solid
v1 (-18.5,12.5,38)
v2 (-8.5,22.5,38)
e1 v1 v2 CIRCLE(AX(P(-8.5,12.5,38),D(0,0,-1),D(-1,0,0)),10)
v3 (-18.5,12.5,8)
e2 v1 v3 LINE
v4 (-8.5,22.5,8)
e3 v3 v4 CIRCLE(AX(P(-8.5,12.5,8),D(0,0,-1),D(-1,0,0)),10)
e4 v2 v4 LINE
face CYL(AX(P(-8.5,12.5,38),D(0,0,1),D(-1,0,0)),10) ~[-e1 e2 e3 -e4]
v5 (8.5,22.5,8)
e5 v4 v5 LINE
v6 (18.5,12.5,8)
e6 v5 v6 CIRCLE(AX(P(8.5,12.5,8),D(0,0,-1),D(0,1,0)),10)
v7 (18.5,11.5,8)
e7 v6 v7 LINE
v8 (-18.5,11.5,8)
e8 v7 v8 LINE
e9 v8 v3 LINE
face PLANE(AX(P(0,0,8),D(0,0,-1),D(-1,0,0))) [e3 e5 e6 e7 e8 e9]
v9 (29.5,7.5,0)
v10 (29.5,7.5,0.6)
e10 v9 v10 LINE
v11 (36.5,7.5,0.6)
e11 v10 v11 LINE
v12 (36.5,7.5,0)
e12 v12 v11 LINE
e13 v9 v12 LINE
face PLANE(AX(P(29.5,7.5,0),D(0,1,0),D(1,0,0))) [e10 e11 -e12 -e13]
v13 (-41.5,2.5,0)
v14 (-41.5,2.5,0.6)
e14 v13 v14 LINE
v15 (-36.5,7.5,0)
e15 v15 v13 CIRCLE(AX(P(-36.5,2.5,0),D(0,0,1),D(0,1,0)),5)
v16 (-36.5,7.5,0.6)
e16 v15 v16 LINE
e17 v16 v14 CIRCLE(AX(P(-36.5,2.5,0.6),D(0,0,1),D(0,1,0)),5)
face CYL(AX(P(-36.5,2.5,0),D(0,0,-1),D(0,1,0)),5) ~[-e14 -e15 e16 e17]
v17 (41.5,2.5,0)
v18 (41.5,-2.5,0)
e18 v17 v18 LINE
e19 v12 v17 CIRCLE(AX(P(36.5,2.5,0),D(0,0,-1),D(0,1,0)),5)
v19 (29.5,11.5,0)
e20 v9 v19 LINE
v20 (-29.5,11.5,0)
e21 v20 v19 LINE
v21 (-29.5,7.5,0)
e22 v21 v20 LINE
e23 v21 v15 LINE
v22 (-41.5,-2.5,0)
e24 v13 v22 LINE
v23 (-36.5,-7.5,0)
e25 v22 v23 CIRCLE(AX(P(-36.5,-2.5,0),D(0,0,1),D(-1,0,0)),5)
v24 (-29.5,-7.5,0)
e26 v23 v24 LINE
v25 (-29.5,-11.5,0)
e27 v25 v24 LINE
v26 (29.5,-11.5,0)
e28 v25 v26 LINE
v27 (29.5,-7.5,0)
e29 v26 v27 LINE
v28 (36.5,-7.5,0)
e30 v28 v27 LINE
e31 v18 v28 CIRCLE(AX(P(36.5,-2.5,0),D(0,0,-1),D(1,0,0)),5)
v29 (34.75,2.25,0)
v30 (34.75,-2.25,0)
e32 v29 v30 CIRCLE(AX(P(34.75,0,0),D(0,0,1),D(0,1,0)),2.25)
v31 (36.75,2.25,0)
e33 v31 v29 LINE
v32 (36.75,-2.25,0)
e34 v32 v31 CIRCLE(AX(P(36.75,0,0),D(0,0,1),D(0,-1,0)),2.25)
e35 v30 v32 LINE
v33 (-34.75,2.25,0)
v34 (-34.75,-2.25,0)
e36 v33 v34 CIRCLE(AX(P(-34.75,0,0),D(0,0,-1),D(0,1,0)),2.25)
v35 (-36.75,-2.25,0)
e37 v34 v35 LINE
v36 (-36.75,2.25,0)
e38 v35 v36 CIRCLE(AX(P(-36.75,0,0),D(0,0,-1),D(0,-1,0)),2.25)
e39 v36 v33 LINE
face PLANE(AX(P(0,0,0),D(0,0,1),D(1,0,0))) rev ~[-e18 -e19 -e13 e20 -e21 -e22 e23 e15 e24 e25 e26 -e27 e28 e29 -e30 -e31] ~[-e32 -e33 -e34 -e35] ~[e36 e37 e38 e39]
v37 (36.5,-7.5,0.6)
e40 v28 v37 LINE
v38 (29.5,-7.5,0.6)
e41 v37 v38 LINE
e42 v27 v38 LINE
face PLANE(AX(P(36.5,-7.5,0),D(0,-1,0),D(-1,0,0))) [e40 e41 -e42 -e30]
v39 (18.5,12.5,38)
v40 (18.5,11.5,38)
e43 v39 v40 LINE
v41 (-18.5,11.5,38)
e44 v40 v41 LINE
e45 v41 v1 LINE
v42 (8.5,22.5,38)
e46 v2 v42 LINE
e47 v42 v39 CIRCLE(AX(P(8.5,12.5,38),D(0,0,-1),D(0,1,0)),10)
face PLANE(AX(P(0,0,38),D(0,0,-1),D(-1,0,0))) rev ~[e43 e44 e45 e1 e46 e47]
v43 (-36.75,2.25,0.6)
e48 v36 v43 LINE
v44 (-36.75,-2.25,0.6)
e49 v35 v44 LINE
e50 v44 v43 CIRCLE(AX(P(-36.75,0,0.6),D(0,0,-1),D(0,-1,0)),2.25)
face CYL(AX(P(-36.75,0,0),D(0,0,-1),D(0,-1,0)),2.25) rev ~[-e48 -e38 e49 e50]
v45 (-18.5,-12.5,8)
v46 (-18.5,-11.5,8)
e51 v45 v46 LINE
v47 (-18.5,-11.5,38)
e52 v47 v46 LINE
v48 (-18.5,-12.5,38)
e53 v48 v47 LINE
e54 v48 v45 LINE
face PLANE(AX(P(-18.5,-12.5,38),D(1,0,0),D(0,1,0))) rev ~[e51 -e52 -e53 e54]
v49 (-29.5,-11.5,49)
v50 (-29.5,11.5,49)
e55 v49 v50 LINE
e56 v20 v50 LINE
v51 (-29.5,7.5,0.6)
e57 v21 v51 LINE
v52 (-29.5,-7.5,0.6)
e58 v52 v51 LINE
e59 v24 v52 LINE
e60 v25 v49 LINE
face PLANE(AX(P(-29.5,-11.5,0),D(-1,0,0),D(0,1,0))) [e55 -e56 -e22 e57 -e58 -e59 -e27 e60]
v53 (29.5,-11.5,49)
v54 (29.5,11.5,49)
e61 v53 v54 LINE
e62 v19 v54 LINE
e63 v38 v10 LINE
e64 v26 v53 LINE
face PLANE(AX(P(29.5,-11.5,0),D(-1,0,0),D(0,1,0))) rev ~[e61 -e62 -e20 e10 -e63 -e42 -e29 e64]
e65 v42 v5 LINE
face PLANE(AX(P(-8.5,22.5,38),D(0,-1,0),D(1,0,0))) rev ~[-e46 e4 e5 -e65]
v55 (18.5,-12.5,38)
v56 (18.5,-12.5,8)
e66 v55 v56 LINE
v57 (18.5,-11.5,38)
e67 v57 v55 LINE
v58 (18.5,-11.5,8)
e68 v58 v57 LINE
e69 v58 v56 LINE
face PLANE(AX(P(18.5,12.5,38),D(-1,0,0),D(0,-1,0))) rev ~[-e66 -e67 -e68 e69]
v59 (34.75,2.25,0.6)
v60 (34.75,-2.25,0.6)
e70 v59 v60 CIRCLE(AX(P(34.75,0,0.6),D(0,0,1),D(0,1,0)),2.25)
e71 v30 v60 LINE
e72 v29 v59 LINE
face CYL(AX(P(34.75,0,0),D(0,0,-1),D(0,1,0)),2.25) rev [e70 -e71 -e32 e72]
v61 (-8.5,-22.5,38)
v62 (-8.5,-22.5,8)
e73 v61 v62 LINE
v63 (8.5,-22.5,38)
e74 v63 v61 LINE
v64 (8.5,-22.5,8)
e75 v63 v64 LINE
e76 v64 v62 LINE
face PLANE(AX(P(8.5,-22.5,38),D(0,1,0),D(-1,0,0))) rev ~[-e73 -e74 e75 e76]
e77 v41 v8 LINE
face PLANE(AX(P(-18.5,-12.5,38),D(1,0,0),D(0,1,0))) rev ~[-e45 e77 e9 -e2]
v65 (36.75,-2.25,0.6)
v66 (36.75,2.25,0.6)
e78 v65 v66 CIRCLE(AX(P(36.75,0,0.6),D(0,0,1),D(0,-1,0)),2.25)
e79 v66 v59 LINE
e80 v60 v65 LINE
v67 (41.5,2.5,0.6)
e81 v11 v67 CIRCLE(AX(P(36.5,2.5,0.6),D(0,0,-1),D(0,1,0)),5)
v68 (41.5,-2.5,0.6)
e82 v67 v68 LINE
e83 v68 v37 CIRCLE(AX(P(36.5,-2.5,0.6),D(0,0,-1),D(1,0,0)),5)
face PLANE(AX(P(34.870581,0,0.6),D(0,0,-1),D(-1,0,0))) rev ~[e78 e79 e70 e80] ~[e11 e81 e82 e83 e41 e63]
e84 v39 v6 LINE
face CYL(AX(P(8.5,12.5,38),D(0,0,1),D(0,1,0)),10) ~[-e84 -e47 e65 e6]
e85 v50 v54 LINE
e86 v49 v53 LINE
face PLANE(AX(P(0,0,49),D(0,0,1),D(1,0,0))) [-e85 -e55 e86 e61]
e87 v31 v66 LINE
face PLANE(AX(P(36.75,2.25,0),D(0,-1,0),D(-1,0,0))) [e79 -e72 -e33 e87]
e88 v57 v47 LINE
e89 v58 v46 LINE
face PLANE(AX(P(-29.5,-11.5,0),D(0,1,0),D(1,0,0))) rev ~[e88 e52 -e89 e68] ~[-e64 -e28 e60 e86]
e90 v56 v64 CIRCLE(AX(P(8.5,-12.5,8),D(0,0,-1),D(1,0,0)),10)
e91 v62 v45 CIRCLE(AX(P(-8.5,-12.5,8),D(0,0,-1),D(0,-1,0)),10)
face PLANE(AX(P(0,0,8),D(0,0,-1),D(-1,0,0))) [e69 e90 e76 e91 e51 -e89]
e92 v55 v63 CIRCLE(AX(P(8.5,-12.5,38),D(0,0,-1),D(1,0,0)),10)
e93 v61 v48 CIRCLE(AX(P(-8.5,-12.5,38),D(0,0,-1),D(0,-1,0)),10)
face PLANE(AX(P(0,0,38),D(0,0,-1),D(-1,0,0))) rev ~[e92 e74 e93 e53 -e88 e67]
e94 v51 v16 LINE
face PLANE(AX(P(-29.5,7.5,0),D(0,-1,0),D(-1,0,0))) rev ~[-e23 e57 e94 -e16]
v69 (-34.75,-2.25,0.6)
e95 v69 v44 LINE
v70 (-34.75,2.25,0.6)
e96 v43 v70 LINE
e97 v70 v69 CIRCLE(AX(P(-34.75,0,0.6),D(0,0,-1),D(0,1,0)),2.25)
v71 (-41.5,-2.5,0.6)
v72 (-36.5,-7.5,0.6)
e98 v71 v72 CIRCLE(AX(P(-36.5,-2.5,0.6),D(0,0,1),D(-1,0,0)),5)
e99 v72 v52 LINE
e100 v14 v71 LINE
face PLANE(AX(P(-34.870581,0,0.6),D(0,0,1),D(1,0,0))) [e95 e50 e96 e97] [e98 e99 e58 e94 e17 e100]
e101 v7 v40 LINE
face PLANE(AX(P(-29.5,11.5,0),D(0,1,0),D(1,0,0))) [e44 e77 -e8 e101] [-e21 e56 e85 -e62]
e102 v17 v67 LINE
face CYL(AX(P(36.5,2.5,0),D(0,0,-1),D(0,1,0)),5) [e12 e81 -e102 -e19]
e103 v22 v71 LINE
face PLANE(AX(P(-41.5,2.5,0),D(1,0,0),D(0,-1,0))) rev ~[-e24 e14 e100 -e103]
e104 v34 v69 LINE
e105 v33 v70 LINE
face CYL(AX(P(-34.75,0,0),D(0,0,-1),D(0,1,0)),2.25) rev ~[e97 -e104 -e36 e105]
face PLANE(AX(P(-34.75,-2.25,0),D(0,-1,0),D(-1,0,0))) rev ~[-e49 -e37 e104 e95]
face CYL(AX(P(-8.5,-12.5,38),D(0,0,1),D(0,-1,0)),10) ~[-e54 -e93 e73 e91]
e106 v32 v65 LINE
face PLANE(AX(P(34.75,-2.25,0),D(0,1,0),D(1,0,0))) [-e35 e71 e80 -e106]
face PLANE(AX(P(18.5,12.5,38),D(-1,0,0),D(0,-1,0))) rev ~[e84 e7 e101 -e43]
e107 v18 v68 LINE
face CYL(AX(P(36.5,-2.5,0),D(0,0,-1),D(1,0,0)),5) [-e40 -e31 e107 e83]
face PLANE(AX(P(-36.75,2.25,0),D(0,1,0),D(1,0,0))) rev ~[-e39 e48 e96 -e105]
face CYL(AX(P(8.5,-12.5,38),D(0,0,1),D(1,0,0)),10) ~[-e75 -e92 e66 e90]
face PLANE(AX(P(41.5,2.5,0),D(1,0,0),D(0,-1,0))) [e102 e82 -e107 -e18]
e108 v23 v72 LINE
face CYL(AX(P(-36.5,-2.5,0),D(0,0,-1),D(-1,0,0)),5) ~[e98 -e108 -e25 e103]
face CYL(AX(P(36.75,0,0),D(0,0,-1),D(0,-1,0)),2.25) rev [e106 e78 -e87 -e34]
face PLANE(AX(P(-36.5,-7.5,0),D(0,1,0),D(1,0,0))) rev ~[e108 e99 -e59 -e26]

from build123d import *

# Parameters (mm, degrees)
SKETCH_1_W      = 59
SKETCH_1_H      = 23
EXTRUDE_1_DEPTH = 49
EXTRUDE_START   = -11
EXTRUDE_2_DEPTH = 30
EXTRUDE_3_DEPTH = 0.6


with BuildPart() as part:
    # 草图1 → 拉伸1 (new body)
    with BuildSketch(Plane.XY):
        Rectangle(SKETCH_1_W, SKETCH_1_H)
    extrude(amount=EXTRUDE_1_DEPTH)

    # 草图2 → 拉伸2 (add)
    with BuildSketch(Plane.XY.offset(49).offset(EXTRUDE_START)):
        with BuildLine():
            Line((-8.5, 22.5), (8.5, 22.5))
            ThreePointArc((8.5, 22.5), (15.571067812, 19.571067812), (18.5, 12.5))
            Line((18.5, 12.5), (18.5, -12.5))
            ThreePointArc((18.5, -12.5), (15.571067812, -19.571067812), (8.5, -22.5))
            Line((8.5, -22.5), (-8.5, -22.5))
            ThreePointArc((-8.5, -22.5), (-15.571067812, -19.571067812), (-18.5, -12.5))
            Line((-18.5, -12.5), (-18.5, 12.5))
            ThreePointArc((-18.5, 12.5), (-15.571067812, 19.571067812), (-8.5, 22.5))
        make_face()
    extrude(amount=-EXTRUDE_2_DEPTH)

    # 草图3 → 拉伸3 (add)
    # profile 1 of 2: a face of its own
    with BuildSketch(Plane(origin=(0, 0, 0), x_dir=(-1, 0, 0), z_dir=(0, 0, -1))):
        with BuildLine():
            Line((-29.5, 7.5), (-36.5, 7.5))
            ThreePointArc((-36.5, 7.5), (-40.035533906, 6.035533906), (-41.5, 2.5))
            Line((-41.5, 2.5), (-41.5, -2.5))
            ThreePointArc((-41.5, -2.5), (-40.035533906, -6.035533906), (-36.5, -7.5))
            Line((-36.5, -7.5), (-29.5, -7.5))
            Line((-29.5, -7.5), (-29.5, 7.5))
        make_face()
        with BuildLine():
            Line((-36.75, 2.25), (-34.75, 2.25))
            ThreePointArc((-34.75, 2.25), (-32.5, 0), (-34.75, -2.25))
            Line((-34.75, -2.25), (-36.75, -2.25))
            ThreePointArc((-36.75, -2.25), (-39, 0), (-36.75, 2.25))
        make_face(mode=Mode.SUBTRACT)
    # profile 2 of 2: a face of its own
    with BuildSketch(Plane(origin=(0, 0, 0), x_dir=(-1, 0, 0), z_dir=(0, 0, -1))):
        with BuildLine():
            Line((41.5, 2.5), (41.5, -2.5))
            ThreePointArc((41.5, -2.5), (40.035533906, -6.035533906), (36.5, -7.5))
            Line((36.5, -7.5), (29.5, -7.5))
            Line((29.5, -7.5), (29.5, 7.5))
            Line((29.5, 7.5), (36.5, 7.5))
            ThreePointArc((36.5, 7.5), (40.035533906, 6.035533906), (41.5, 2.5))
        make_face()
        with BuildLine():
            Line((36.75, 2.25), (34.75, 2.25))
            ThreePointArc((34.75, 2.25), (32.5, 0), (34.75, -2.25))
            Line((34.75, -2.25), (36.75, -2.25))
            ThreePointArc((36.75, -2.25), (39, 0), (36.75, 2.25))
        make_face(mode=Mode.SUBTRACT)
    extrude(amount=-EXTRUDE_3_DEPTH)


solid = part.part
